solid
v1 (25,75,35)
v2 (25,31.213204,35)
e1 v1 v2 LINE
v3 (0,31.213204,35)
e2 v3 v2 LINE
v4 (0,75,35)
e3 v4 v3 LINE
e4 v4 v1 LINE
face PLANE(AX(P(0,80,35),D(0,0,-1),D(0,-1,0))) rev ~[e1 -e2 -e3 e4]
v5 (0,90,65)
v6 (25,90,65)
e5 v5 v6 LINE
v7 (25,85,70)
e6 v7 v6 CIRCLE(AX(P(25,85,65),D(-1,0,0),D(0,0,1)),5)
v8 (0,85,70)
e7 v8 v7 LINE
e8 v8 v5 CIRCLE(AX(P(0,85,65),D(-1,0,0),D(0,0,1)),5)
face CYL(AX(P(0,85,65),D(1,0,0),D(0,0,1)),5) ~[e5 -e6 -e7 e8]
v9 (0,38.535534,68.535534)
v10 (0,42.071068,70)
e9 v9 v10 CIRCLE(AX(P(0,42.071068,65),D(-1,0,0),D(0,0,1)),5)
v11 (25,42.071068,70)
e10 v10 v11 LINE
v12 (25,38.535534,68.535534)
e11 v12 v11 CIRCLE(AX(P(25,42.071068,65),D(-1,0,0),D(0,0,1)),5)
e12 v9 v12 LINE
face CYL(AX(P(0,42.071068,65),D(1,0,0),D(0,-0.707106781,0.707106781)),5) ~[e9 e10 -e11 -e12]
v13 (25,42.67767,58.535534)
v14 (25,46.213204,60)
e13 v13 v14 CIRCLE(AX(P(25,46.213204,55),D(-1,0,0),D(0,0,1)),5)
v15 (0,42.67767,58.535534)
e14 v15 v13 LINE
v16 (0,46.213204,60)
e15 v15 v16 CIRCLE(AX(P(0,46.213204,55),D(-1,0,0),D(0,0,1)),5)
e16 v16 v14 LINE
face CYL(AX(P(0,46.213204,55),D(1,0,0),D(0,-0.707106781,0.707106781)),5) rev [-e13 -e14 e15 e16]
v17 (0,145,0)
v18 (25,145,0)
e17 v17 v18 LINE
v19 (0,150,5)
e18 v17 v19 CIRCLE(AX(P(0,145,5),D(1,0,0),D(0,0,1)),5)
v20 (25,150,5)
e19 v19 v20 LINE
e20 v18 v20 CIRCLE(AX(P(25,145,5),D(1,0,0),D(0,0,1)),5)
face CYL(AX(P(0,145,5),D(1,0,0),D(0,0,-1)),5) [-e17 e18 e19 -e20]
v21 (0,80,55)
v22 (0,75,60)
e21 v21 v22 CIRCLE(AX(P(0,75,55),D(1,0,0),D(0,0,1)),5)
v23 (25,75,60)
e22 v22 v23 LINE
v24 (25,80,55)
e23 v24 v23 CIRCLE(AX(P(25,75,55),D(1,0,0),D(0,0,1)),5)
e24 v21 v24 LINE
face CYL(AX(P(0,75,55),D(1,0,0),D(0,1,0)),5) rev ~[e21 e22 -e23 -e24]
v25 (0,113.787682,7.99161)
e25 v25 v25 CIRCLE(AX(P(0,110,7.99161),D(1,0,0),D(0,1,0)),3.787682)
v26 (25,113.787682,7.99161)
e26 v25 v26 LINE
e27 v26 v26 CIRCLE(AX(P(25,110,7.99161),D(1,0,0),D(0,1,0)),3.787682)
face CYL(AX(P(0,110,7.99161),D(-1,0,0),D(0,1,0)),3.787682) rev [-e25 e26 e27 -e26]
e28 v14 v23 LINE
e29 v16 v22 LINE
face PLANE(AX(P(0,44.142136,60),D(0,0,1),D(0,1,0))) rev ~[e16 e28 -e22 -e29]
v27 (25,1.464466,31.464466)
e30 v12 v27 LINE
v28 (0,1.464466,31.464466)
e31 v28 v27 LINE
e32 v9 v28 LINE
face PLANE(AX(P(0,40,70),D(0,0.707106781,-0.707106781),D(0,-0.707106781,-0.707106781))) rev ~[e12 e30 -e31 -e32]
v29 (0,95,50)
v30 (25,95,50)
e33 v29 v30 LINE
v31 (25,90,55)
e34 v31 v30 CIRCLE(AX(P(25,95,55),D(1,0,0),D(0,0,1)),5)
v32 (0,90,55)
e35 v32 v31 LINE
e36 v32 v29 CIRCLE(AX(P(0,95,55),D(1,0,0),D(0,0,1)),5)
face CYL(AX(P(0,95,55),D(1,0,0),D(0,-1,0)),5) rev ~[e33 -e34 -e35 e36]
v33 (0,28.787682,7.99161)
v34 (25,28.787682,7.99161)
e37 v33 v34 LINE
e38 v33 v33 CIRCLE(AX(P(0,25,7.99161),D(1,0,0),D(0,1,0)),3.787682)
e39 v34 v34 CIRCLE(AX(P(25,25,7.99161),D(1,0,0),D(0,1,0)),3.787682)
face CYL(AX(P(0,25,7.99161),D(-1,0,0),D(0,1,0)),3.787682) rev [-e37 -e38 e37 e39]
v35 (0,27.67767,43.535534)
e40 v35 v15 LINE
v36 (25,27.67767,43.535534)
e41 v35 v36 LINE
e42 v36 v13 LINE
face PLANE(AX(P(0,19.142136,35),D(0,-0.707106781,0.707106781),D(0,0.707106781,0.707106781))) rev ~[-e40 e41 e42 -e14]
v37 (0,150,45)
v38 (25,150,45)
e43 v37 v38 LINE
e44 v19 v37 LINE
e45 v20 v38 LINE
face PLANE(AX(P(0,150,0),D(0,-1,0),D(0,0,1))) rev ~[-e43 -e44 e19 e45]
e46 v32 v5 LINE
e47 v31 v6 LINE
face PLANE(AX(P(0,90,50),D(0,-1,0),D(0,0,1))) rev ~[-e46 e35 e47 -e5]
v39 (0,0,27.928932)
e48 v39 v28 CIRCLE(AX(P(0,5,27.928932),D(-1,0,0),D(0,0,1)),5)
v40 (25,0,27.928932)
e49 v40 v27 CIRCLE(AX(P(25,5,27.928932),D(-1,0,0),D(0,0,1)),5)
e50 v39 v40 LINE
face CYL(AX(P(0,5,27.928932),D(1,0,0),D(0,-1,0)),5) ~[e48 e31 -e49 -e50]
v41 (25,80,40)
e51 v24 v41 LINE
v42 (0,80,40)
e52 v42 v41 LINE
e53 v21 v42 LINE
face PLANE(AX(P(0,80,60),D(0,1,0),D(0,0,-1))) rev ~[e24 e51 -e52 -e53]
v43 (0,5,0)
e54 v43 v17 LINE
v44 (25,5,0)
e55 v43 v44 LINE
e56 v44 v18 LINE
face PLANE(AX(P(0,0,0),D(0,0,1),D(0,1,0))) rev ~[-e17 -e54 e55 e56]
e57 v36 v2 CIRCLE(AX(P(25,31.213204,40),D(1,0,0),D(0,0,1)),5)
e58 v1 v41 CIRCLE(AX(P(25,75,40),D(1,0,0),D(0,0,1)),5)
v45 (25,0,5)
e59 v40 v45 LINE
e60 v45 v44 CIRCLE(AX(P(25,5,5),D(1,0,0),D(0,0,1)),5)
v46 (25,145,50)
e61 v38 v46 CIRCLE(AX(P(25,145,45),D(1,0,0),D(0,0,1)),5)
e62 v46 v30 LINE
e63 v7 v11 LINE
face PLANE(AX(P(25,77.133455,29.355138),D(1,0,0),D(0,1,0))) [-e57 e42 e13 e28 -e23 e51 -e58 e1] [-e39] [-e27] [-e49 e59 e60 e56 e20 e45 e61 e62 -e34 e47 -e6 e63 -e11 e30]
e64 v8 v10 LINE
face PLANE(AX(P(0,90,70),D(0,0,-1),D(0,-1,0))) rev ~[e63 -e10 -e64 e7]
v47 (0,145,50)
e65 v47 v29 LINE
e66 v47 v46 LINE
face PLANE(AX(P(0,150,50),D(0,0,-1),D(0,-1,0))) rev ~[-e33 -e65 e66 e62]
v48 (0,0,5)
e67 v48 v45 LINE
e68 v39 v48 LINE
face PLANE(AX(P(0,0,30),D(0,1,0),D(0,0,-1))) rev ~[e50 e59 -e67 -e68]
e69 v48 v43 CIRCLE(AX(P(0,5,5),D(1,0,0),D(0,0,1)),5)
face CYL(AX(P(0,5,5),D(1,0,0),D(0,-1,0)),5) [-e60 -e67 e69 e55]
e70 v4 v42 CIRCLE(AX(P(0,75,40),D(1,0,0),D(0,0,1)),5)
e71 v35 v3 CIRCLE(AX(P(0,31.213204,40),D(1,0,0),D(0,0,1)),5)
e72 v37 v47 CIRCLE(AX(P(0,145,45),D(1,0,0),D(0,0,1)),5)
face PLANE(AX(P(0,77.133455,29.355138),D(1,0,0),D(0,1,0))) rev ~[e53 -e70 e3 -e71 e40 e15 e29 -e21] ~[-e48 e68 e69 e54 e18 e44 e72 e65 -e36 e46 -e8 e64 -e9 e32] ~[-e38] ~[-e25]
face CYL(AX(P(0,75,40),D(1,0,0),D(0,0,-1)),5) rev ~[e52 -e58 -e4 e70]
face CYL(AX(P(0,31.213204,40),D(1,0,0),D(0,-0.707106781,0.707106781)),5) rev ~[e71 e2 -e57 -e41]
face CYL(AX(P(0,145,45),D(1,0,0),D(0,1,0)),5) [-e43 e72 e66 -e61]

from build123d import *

# Parameters (mm, degrees)
F0_R     = 3.787682
F1_DEPTH = 25
F2_R     = 5
F3_R     = 5


with BuildPart() as f1:
    # F0 (on Right) → F1 (new body)
    with BuildSketch(Plane.YZ):
        Polygon((0, 30), (0, 0), (150, 0), (150, 50), (90, 50), (90, 70), (40, 70), align=None)
        with Locations((25, 7.99161)):
            Circle(F0_R, mode=Mode.SUBTRACT)
        with Locations((110, 7.99161)):
            Circle(F0_R, mode=Mode.SUBTRACT)
        Polygon((44.142136, 60), (80, 60), (80, 35), (19.142136, 35), align=None, mode=Mode.SUBTRACT)
    extrude(amount=F1_DEPTH)

    # F2
    f2_edges = [f1.edges().sort_by_distance(p)[0] for p in [
        (12.5, 90, 70),
        (12.5, 90, 50),
        (12.5, 150, 50),
        (12.5, 150, 0),
        (12.5, 40, 70),
        (12.5, 0, 30),
        (12.5, 0, 0),
    ]]
    fillet(f2_edges, radius=F2_R)

    # F3
    f3_edges = [f1.edges().sort_by_distance(p)[0] for p in [
        (12.5, 19.142136, 35),
        (12.5, 80, 60),
        (12.5, 44.142136, 60),
        (12.5, 80, 35),
    ]]
    fillet(f3_edges, radius=F3_R)


solid = f1.part
